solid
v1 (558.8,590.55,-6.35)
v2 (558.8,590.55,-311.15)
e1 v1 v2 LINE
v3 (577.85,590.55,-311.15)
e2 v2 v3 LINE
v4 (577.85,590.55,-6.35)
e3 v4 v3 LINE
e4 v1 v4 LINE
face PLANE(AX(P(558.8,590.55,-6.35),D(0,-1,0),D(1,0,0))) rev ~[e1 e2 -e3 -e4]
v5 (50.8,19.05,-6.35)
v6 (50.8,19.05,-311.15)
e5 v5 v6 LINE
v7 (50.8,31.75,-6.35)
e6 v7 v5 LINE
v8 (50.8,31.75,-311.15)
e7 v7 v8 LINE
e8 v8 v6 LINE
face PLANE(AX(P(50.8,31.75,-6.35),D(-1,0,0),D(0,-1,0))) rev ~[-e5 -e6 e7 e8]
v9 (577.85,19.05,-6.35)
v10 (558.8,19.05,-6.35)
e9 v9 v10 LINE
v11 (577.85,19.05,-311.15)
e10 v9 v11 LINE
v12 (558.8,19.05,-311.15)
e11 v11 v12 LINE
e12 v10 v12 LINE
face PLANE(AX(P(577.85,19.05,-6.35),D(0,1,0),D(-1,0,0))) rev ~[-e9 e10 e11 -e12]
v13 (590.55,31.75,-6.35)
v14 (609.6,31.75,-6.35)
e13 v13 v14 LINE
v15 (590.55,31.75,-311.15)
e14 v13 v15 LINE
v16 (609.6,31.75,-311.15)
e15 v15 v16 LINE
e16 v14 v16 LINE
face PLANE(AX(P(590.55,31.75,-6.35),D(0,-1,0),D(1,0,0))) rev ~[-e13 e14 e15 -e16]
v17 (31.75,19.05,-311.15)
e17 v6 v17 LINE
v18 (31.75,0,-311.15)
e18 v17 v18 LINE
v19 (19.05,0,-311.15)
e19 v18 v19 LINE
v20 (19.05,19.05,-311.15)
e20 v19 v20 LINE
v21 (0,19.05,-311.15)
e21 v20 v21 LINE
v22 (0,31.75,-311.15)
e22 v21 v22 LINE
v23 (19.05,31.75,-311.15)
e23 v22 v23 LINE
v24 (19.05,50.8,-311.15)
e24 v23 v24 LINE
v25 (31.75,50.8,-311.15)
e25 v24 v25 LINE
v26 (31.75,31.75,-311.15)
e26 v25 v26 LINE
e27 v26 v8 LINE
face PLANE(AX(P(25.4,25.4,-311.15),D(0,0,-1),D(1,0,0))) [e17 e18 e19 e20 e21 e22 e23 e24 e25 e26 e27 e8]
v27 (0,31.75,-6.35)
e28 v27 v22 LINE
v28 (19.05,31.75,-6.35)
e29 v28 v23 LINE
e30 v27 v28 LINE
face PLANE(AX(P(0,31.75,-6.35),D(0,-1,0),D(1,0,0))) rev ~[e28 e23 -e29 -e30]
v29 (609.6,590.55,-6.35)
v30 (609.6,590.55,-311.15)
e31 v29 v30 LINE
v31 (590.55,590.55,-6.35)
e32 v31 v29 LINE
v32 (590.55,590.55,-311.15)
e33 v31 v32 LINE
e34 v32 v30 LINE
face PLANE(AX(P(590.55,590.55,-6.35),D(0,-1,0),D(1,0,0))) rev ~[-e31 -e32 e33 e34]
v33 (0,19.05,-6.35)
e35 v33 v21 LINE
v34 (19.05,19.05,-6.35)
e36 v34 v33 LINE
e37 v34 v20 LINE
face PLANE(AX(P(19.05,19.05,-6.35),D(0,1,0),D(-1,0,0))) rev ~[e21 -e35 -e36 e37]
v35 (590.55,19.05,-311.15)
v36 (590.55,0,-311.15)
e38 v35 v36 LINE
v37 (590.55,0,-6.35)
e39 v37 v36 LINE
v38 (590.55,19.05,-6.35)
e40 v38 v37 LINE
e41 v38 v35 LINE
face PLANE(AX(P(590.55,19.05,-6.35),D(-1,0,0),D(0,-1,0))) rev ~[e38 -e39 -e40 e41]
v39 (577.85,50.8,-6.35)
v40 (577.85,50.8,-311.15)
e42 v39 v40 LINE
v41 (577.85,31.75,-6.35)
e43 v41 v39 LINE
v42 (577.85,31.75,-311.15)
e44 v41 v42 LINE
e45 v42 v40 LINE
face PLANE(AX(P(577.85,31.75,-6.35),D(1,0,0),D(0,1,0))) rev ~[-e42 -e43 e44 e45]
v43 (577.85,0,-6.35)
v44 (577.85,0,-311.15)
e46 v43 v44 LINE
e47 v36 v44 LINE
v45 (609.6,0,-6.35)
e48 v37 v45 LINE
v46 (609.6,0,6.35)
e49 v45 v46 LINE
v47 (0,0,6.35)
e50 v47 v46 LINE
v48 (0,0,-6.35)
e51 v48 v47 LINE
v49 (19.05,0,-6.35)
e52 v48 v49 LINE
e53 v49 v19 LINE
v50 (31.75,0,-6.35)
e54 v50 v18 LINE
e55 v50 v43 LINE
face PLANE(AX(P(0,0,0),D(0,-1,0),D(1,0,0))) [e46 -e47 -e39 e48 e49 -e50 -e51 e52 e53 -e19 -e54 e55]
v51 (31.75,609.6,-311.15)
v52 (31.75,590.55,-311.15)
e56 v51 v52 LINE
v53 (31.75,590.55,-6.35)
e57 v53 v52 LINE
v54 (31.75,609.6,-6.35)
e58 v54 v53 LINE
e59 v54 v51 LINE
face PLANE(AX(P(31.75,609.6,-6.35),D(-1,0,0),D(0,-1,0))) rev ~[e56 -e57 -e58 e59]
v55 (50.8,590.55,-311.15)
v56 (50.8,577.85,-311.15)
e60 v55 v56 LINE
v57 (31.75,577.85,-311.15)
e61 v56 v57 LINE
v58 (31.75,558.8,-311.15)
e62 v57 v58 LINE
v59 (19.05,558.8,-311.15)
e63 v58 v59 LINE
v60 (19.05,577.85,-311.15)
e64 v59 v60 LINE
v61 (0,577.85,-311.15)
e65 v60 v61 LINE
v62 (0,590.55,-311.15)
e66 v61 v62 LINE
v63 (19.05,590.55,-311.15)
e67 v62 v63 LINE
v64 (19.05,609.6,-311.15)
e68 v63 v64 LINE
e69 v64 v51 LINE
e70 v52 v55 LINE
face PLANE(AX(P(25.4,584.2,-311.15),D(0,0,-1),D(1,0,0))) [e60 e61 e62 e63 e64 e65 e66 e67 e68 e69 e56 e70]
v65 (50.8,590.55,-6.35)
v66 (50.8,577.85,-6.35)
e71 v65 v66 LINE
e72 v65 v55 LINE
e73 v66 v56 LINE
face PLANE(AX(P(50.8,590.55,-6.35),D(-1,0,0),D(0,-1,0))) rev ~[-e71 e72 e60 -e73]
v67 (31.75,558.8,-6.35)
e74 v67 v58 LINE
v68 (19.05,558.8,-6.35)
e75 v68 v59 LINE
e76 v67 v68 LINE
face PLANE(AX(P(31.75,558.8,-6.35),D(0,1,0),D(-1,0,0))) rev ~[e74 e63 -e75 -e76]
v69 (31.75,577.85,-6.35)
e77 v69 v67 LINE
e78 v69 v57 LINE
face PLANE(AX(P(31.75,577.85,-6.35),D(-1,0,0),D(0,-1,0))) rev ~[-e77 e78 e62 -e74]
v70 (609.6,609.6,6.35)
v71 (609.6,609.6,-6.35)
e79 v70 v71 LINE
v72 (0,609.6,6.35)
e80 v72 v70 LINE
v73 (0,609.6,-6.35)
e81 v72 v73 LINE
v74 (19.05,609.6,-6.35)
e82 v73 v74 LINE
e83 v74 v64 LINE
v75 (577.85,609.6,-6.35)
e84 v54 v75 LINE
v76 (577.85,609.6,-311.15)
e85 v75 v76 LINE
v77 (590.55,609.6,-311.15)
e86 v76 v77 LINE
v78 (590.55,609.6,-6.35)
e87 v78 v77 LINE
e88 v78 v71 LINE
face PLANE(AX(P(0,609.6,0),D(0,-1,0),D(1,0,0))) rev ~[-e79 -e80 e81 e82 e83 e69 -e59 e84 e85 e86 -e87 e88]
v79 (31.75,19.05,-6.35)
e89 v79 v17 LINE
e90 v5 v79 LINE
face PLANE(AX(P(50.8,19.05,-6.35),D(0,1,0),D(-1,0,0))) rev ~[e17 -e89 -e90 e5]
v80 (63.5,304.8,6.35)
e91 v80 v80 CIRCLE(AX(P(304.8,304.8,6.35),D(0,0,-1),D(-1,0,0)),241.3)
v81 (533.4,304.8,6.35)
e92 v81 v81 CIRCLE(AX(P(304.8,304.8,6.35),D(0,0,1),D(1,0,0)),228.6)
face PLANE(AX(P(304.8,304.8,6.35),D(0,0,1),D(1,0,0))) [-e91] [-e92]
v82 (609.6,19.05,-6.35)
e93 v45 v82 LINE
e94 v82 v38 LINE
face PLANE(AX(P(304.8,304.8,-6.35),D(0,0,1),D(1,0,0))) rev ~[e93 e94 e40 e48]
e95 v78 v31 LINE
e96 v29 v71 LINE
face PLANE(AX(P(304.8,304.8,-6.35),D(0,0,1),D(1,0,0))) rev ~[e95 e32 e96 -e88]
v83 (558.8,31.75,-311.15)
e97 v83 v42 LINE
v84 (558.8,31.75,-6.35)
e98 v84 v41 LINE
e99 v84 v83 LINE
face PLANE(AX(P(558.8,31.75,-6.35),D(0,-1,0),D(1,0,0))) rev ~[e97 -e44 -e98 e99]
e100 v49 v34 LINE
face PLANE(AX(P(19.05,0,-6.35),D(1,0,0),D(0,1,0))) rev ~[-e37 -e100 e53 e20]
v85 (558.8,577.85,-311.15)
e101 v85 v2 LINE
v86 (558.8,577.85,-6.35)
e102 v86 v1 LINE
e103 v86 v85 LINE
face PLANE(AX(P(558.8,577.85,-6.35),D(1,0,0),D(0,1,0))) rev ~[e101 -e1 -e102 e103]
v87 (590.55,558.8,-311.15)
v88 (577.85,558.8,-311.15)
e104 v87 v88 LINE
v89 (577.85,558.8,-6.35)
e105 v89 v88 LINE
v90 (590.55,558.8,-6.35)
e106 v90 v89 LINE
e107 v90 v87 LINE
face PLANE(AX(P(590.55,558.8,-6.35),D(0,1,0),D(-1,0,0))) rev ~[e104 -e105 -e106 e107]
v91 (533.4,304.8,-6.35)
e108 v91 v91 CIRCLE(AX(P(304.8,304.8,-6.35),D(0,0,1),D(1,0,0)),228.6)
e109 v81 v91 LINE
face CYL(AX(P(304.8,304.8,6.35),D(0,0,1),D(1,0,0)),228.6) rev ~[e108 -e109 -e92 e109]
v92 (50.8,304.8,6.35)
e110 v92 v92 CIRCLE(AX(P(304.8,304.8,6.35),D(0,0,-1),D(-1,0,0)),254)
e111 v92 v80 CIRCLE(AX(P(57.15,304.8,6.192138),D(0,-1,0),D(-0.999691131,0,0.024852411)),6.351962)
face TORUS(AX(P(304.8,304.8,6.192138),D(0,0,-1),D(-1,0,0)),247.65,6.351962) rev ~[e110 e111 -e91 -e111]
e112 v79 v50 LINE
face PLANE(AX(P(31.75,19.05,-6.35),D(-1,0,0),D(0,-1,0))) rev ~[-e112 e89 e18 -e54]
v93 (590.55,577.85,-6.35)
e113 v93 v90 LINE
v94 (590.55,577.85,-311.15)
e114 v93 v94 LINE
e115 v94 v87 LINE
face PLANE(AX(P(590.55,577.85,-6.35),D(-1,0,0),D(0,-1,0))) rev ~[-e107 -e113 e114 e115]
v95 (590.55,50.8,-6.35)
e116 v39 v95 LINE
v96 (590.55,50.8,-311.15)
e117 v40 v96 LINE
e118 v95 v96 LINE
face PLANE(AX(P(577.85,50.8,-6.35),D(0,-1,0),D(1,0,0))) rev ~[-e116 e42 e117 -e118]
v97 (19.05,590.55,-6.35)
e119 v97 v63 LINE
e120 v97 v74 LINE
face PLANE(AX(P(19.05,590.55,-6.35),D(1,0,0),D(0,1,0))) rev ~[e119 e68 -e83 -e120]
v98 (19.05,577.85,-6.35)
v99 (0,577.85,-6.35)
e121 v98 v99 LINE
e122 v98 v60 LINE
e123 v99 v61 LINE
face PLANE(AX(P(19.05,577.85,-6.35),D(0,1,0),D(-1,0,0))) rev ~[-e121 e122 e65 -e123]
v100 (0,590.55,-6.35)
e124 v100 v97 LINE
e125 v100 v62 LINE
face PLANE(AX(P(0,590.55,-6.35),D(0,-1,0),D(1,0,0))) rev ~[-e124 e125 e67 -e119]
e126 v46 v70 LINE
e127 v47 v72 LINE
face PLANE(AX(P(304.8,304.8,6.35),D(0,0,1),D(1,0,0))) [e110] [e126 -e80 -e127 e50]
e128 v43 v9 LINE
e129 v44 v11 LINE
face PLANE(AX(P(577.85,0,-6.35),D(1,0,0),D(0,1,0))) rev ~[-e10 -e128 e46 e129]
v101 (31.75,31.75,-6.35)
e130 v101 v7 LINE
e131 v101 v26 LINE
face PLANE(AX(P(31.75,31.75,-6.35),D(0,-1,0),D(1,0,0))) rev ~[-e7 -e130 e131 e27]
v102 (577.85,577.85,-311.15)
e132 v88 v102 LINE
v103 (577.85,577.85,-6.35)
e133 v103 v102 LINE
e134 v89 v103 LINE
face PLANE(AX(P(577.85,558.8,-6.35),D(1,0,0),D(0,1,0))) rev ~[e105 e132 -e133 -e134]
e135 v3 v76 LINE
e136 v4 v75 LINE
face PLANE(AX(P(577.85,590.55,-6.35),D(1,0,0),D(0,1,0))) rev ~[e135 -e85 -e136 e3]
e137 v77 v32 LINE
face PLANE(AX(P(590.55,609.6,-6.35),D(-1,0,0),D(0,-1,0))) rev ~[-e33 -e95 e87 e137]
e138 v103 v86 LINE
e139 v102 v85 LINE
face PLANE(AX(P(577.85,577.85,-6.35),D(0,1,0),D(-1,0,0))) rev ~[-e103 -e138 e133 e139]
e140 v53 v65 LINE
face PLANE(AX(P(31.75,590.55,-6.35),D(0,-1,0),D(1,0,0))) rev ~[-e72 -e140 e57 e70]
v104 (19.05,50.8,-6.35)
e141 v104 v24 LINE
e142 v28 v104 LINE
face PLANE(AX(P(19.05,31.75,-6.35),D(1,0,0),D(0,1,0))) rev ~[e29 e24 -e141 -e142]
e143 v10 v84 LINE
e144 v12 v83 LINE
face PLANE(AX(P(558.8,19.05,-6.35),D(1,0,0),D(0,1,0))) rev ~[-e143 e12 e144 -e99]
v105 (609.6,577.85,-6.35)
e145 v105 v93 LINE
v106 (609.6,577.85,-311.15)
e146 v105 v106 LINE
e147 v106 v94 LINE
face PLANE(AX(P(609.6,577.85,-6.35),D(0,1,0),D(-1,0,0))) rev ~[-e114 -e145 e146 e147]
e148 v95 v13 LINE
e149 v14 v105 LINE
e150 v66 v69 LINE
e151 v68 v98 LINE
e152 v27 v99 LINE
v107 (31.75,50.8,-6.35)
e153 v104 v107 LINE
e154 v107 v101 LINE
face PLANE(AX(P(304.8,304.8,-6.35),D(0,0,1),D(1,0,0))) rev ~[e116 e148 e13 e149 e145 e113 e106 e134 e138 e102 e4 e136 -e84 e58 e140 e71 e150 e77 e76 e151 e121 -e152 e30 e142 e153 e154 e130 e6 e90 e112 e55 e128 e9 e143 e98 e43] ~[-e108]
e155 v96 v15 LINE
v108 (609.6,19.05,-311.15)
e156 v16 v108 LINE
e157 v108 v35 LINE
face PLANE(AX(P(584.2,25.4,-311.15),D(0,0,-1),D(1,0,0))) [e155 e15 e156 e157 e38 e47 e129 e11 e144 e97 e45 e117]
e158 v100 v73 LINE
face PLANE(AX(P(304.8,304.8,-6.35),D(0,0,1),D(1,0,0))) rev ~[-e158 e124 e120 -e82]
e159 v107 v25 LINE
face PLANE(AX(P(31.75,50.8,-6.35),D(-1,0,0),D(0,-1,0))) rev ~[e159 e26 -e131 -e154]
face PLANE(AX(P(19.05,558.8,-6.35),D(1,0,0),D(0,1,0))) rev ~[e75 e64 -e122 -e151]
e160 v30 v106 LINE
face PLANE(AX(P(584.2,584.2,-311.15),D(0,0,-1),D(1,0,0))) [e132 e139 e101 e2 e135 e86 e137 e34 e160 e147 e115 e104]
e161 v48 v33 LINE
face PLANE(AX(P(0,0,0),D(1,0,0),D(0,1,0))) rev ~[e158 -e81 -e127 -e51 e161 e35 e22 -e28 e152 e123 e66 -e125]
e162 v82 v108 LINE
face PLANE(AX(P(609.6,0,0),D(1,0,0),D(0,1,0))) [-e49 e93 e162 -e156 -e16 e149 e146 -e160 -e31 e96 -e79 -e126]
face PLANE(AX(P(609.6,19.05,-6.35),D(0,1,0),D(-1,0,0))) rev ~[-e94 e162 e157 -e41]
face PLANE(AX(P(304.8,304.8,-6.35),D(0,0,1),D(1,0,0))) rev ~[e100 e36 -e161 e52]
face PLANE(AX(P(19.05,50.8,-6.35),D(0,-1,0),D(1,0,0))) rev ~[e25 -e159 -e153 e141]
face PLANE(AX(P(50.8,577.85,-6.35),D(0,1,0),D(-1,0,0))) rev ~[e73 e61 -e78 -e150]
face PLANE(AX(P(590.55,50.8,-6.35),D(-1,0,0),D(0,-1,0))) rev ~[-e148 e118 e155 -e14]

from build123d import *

# Parameters (mm, degrees)
F0_W     = 609.6
F0_H     = 609.6
F1_DEPTH = 6.35
F3_DEPTH = 304.8
F4_R     = 228.6
F8_DEPTH = 317.501


with BuildPart() as f1:
    # F0 (on Top) → F1 (new body, symmetric)
    with BuildSketch(Plane.XY):
        with Locations((304.8, 304.8)):
            Rectangle(F0_W, F0_H)
    extrude(amount=F1_DEPTH, both=True)

    # F2 (on face) → F3 (join)
    with BuildSketch(Plane(origin=(0, 0, -6.35), x_dir=(1, 0, 0), z_dir=(0, 0, -1))):
        Polygon((19.05, -19.05), (0, -19.05), (0, -31.75), (19.05, -31.75), (19.05, -50.8), (31.75, -50.8), (31.75, -31.75), (50.8, -31.75), (50.8, -19.05), (31.75, -19.05), (31.75, 0), (19.05, 0), align=None)
        Polygon((590.55, -50.8), (590.55, -31.75), (609.6, -31.75), (609.6, -19.05), (590.55, -19.05), (590.55, 0), (577.85, 0), (577.85, -19.05), (558.8, -19.05), (558.8, -31.75), (577.85, -31.75), (577.85, -50.8), align=None)
        Polygon((19.05, -590.55), (19.05, -609.6), (31.75, -609.6), (31.75, -590.55), (50.8, -590.55), (50.8, -577.85), (31.75, -577.85), (31.75, -558.8), (19.05, -558.8), (19.05, -577.85), (0, -577.85), (0, -590.55), align=None)
        Polygon((577.85, -609.6), (590.55, -609.6), (590.55, -590.55), (609.6, -590.55), (609.6, -577.85), (590.55, -577.85), (590.55, -558.8), (577.85, -558.8), (577.85, -577.85), (558.8, -577.85), (558.8, -590.55), (577.85, -590.55), align=None)
    extrude(amount=F3_DEPTH)

    # F6 (on offset) → F7 (revolve, cut)
    with BuildSketch(Plane.XZ.offset(-304.8)):
        with BuildLine():
            Line((63.5, 6.35), (50.8, 6.35))
            ThreePointArc((50.8, 6.35), (57.15, -0.1598234894), (63.5, 6.35))
        make_face()
    revolve(axis=Axis((304.8, 304.8, 0), (0, 0, -1)), mode=Mode.SUBTRACT)

    # F4 (on face) → F8 (cut, through all)
    with BuildSketch(Plane.XY.offset(6.35)):
        with Locations((304.8, 304.8)):
            Circle(F4_R)
    extrude(amount=-F8_DEPTH, mode=Mode.SUBTRACT)


solid = f1.part
